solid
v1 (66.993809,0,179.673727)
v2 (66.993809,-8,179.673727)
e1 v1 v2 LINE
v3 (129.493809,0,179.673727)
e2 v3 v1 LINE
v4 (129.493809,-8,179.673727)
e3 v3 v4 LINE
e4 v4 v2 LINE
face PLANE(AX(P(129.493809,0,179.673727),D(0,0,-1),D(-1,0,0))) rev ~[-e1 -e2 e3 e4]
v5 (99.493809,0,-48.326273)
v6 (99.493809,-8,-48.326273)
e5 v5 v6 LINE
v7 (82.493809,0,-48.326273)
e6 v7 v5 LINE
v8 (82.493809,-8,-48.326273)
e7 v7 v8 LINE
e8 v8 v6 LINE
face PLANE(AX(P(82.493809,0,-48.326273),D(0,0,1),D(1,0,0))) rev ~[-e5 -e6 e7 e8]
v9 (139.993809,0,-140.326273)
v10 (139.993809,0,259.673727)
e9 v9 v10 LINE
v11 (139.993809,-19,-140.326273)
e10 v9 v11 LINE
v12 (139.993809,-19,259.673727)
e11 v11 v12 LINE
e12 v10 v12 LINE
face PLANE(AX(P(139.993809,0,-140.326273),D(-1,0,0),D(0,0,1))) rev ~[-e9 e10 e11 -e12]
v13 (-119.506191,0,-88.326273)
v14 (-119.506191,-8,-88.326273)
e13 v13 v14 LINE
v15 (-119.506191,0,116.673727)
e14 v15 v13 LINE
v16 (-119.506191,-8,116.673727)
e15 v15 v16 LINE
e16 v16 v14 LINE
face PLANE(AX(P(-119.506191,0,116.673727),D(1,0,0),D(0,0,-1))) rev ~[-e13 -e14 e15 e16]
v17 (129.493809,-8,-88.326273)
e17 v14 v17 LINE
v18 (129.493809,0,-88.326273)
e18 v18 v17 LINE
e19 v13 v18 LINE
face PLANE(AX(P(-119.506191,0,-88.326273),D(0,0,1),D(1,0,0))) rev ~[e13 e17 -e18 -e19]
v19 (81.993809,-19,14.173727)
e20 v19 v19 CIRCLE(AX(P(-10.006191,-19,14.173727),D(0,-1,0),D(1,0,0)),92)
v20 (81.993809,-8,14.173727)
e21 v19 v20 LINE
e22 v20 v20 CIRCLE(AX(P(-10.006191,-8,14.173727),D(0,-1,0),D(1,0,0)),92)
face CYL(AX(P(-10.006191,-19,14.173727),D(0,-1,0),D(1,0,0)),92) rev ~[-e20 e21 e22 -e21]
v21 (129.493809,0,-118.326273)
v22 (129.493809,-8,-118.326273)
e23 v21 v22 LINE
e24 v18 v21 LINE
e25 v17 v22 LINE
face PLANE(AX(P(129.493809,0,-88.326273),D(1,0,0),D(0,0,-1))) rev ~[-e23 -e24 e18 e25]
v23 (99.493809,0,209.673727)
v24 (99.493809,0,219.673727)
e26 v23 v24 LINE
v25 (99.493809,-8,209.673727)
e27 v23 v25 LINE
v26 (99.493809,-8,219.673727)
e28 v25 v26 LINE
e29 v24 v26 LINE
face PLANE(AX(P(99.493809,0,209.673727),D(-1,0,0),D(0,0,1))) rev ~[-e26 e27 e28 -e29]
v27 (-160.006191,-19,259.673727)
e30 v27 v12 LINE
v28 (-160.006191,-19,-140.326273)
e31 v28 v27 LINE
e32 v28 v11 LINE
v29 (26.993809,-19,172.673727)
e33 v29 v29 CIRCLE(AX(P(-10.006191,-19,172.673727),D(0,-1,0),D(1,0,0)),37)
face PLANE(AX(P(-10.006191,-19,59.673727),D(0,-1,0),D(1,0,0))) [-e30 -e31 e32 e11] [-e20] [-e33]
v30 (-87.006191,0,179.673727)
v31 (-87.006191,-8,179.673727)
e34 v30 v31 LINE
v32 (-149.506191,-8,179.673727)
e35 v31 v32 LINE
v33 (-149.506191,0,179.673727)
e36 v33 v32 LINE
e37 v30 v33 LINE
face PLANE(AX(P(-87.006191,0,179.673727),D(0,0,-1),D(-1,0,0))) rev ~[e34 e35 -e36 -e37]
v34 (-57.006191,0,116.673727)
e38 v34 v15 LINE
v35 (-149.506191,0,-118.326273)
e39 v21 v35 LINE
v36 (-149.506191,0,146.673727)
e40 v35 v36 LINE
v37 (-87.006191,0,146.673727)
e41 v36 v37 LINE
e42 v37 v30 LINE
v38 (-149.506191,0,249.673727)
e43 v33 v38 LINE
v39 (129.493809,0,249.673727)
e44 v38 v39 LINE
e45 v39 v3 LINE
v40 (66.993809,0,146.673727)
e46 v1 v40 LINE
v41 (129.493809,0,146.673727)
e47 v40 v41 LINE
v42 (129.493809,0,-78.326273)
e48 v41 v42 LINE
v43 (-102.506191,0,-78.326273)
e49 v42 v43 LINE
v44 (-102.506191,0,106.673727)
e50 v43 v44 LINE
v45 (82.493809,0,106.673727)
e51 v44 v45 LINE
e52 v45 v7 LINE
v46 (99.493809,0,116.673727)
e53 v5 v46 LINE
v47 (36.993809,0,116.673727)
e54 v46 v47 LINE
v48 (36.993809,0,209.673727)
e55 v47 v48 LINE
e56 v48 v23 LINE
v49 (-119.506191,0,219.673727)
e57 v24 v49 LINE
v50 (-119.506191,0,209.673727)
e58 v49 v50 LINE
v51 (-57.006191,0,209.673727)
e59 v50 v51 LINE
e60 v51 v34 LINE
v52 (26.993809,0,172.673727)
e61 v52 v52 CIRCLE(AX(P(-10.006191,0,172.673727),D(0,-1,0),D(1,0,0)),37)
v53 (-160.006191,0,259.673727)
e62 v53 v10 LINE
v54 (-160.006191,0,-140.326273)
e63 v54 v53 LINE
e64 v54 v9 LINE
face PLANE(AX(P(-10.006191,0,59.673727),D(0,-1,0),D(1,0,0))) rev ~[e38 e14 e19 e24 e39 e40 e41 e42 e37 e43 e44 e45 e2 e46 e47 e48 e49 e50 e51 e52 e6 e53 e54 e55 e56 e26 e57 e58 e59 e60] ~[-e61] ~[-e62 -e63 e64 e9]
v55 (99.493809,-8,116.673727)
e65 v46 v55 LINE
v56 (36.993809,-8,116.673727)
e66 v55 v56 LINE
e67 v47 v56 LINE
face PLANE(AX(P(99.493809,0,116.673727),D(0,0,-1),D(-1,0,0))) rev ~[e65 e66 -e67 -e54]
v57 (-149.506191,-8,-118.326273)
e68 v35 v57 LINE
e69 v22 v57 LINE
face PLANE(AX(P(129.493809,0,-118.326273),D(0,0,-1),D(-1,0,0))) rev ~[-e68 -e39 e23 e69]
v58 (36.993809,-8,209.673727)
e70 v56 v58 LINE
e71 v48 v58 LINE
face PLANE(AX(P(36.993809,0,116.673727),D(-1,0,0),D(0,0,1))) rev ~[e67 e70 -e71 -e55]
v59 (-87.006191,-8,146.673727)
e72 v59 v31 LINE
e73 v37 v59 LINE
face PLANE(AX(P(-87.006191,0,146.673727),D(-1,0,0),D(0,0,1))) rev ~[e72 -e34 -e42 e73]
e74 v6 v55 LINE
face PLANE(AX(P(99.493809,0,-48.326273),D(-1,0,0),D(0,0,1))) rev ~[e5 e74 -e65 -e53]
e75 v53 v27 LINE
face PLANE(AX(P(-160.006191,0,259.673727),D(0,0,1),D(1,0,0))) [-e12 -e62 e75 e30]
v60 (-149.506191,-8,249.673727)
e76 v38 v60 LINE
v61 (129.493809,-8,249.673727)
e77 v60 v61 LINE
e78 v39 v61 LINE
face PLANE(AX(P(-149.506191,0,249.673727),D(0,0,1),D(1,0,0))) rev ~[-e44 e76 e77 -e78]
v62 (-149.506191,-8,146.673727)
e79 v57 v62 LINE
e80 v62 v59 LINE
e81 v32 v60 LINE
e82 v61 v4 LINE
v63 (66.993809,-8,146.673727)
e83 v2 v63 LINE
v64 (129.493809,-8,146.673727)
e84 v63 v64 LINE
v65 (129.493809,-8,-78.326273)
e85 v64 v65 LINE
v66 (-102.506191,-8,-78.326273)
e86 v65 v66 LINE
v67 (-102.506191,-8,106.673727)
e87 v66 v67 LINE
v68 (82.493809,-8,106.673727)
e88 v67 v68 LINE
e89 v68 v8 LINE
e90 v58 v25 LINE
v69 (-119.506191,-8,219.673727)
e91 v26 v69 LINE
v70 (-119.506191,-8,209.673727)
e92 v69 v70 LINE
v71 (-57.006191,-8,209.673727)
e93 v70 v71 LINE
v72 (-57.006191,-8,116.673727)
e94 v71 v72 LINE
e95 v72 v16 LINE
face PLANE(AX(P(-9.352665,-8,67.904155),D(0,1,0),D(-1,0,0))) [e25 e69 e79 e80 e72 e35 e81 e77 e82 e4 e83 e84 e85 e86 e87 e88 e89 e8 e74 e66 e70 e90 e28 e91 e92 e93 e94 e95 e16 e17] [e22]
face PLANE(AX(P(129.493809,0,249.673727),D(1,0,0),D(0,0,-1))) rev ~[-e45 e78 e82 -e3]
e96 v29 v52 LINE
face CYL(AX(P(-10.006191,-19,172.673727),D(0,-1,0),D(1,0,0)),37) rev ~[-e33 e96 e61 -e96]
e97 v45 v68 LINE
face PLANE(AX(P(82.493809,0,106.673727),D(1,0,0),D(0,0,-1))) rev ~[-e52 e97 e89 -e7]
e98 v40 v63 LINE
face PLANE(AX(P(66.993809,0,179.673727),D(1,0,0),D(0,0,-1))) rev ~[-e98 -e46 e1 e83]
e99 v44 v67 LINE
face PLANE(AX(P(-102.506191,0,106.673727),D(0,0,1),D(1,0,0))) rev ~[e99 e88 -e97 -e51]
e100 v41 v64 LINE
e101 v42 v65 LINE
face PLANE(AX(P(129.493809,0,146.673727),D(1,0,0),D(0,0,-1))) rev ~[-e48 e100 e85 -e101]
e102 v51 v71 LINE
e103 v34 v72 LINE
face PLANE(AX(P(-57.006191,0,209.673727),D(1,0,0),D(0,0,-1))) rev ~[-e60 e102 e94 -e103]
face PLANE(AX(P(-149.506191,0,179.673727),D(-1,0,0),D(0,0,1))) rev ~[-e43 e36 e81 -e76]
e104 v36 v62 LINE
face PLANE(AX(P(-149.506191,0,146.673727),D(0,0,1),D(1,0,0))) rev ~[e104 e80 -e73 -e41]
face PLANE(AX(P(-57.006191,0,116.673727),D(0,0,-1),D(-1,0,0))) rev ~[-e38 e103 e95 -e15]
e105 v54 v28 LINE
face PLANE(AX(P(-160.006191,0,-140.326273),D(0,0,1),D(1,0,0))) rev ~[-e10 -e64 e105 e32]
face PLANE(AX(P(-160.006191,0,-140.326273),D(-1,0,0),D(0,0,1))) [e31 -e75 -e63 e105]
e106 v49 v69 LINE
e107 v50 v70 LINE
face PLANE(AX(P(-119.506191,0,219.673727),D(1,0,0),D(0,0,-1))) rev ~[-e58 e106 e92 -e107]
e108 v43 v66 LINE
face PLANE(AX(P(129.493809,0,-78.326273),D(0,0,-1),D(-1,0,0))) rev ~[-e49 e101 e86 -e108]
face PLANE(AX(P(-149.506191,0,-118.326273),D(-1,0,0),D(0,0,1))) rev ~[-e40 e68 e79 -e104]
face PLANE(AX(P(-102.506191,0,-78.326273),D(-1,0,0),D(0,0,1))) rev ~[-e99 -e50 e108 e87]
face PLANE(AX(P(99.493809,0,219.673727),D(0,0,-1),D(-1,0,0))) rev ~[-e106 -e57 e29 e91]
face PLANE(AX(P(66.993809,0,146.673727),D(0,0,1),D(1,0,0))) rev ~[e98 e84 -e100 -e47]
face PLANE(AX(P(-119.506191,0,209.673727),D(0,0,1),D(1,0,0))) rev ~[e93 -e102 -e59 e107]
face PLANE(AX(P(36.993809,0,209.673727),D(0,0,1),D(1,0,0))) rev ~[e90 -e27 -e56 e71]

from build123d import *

# Parameters (mm, degrees)
F0_W     = 300
F0_H     = 400
F1_DEPTH = 19
F2_R     = 37
F2_R_2   = 92
F3_DEPTH = 19
F5_DEPTH = 8


with BuildPart() as f1:
    # F0 (on Front) → F1 (new body)
    with BuildSketch(Plane.XZ):
        with Locations((-10.006191, 59.673727)):
            Rectangle(F0_W, F0_H)
    extrude(amount=F1_DEPTH)

    # F2 (on face) → F3 (cut)
    with BuildSketch(Plane.XZ.offset(19)):
        with Locations((-10.006191, 172.673727)):
            Circle(F2_R)
        with Locations((-10.006191, 14.173727)):
            Circle(F2_R_2)
    extrude(amount=-F3_DEPTH, mode=Mode.SUBTRACT)

    # F4 (on face) → F5 (cut)
    with BuildSketch(Plane(origin=(0, 0, 0), x_dir=(-1, 0, 0), z_dir=(0, 1, 0))):
        Polygon((119.506191, -88.326273), (-129.493809, -88.326273), (-129.493809, -118.326273), (149.506191, -118.326273), (149.506191, 146.673727), (87.006191, 146.673727), (87.006191, 179.673727), (149.506191, 179.673727), (149.506191, 249.673727), (-129.493809, 249.673727), (-129.493809, 179.673727), (-66.993809, 179.673727), (-66.993809, 146.673727), (-129.493809, 146.673727), (-129.493809, -78.326273), (102.506191, -78.326273), (102.506191, 106.673727), (-82.493809, 106.673727), (-82.493809, -48.326273), (-99.493809, -48.326273), (-99.493809, 116.673727), (-36.993809, 116.673727), (-36.993809, 209.673727), (-99.493809, 209.673727), (-99.493809, 219.673727), (119.506191, 219.673727), (119.506191, 209.673727), (57.006191, 209.673727), (57.006191, 116.673727), (119.506191, 116.673727), align=None)
    extrude(amount=-F5_DEPTH, mode=Mode.SUBTRACT)


solid = f1.part
